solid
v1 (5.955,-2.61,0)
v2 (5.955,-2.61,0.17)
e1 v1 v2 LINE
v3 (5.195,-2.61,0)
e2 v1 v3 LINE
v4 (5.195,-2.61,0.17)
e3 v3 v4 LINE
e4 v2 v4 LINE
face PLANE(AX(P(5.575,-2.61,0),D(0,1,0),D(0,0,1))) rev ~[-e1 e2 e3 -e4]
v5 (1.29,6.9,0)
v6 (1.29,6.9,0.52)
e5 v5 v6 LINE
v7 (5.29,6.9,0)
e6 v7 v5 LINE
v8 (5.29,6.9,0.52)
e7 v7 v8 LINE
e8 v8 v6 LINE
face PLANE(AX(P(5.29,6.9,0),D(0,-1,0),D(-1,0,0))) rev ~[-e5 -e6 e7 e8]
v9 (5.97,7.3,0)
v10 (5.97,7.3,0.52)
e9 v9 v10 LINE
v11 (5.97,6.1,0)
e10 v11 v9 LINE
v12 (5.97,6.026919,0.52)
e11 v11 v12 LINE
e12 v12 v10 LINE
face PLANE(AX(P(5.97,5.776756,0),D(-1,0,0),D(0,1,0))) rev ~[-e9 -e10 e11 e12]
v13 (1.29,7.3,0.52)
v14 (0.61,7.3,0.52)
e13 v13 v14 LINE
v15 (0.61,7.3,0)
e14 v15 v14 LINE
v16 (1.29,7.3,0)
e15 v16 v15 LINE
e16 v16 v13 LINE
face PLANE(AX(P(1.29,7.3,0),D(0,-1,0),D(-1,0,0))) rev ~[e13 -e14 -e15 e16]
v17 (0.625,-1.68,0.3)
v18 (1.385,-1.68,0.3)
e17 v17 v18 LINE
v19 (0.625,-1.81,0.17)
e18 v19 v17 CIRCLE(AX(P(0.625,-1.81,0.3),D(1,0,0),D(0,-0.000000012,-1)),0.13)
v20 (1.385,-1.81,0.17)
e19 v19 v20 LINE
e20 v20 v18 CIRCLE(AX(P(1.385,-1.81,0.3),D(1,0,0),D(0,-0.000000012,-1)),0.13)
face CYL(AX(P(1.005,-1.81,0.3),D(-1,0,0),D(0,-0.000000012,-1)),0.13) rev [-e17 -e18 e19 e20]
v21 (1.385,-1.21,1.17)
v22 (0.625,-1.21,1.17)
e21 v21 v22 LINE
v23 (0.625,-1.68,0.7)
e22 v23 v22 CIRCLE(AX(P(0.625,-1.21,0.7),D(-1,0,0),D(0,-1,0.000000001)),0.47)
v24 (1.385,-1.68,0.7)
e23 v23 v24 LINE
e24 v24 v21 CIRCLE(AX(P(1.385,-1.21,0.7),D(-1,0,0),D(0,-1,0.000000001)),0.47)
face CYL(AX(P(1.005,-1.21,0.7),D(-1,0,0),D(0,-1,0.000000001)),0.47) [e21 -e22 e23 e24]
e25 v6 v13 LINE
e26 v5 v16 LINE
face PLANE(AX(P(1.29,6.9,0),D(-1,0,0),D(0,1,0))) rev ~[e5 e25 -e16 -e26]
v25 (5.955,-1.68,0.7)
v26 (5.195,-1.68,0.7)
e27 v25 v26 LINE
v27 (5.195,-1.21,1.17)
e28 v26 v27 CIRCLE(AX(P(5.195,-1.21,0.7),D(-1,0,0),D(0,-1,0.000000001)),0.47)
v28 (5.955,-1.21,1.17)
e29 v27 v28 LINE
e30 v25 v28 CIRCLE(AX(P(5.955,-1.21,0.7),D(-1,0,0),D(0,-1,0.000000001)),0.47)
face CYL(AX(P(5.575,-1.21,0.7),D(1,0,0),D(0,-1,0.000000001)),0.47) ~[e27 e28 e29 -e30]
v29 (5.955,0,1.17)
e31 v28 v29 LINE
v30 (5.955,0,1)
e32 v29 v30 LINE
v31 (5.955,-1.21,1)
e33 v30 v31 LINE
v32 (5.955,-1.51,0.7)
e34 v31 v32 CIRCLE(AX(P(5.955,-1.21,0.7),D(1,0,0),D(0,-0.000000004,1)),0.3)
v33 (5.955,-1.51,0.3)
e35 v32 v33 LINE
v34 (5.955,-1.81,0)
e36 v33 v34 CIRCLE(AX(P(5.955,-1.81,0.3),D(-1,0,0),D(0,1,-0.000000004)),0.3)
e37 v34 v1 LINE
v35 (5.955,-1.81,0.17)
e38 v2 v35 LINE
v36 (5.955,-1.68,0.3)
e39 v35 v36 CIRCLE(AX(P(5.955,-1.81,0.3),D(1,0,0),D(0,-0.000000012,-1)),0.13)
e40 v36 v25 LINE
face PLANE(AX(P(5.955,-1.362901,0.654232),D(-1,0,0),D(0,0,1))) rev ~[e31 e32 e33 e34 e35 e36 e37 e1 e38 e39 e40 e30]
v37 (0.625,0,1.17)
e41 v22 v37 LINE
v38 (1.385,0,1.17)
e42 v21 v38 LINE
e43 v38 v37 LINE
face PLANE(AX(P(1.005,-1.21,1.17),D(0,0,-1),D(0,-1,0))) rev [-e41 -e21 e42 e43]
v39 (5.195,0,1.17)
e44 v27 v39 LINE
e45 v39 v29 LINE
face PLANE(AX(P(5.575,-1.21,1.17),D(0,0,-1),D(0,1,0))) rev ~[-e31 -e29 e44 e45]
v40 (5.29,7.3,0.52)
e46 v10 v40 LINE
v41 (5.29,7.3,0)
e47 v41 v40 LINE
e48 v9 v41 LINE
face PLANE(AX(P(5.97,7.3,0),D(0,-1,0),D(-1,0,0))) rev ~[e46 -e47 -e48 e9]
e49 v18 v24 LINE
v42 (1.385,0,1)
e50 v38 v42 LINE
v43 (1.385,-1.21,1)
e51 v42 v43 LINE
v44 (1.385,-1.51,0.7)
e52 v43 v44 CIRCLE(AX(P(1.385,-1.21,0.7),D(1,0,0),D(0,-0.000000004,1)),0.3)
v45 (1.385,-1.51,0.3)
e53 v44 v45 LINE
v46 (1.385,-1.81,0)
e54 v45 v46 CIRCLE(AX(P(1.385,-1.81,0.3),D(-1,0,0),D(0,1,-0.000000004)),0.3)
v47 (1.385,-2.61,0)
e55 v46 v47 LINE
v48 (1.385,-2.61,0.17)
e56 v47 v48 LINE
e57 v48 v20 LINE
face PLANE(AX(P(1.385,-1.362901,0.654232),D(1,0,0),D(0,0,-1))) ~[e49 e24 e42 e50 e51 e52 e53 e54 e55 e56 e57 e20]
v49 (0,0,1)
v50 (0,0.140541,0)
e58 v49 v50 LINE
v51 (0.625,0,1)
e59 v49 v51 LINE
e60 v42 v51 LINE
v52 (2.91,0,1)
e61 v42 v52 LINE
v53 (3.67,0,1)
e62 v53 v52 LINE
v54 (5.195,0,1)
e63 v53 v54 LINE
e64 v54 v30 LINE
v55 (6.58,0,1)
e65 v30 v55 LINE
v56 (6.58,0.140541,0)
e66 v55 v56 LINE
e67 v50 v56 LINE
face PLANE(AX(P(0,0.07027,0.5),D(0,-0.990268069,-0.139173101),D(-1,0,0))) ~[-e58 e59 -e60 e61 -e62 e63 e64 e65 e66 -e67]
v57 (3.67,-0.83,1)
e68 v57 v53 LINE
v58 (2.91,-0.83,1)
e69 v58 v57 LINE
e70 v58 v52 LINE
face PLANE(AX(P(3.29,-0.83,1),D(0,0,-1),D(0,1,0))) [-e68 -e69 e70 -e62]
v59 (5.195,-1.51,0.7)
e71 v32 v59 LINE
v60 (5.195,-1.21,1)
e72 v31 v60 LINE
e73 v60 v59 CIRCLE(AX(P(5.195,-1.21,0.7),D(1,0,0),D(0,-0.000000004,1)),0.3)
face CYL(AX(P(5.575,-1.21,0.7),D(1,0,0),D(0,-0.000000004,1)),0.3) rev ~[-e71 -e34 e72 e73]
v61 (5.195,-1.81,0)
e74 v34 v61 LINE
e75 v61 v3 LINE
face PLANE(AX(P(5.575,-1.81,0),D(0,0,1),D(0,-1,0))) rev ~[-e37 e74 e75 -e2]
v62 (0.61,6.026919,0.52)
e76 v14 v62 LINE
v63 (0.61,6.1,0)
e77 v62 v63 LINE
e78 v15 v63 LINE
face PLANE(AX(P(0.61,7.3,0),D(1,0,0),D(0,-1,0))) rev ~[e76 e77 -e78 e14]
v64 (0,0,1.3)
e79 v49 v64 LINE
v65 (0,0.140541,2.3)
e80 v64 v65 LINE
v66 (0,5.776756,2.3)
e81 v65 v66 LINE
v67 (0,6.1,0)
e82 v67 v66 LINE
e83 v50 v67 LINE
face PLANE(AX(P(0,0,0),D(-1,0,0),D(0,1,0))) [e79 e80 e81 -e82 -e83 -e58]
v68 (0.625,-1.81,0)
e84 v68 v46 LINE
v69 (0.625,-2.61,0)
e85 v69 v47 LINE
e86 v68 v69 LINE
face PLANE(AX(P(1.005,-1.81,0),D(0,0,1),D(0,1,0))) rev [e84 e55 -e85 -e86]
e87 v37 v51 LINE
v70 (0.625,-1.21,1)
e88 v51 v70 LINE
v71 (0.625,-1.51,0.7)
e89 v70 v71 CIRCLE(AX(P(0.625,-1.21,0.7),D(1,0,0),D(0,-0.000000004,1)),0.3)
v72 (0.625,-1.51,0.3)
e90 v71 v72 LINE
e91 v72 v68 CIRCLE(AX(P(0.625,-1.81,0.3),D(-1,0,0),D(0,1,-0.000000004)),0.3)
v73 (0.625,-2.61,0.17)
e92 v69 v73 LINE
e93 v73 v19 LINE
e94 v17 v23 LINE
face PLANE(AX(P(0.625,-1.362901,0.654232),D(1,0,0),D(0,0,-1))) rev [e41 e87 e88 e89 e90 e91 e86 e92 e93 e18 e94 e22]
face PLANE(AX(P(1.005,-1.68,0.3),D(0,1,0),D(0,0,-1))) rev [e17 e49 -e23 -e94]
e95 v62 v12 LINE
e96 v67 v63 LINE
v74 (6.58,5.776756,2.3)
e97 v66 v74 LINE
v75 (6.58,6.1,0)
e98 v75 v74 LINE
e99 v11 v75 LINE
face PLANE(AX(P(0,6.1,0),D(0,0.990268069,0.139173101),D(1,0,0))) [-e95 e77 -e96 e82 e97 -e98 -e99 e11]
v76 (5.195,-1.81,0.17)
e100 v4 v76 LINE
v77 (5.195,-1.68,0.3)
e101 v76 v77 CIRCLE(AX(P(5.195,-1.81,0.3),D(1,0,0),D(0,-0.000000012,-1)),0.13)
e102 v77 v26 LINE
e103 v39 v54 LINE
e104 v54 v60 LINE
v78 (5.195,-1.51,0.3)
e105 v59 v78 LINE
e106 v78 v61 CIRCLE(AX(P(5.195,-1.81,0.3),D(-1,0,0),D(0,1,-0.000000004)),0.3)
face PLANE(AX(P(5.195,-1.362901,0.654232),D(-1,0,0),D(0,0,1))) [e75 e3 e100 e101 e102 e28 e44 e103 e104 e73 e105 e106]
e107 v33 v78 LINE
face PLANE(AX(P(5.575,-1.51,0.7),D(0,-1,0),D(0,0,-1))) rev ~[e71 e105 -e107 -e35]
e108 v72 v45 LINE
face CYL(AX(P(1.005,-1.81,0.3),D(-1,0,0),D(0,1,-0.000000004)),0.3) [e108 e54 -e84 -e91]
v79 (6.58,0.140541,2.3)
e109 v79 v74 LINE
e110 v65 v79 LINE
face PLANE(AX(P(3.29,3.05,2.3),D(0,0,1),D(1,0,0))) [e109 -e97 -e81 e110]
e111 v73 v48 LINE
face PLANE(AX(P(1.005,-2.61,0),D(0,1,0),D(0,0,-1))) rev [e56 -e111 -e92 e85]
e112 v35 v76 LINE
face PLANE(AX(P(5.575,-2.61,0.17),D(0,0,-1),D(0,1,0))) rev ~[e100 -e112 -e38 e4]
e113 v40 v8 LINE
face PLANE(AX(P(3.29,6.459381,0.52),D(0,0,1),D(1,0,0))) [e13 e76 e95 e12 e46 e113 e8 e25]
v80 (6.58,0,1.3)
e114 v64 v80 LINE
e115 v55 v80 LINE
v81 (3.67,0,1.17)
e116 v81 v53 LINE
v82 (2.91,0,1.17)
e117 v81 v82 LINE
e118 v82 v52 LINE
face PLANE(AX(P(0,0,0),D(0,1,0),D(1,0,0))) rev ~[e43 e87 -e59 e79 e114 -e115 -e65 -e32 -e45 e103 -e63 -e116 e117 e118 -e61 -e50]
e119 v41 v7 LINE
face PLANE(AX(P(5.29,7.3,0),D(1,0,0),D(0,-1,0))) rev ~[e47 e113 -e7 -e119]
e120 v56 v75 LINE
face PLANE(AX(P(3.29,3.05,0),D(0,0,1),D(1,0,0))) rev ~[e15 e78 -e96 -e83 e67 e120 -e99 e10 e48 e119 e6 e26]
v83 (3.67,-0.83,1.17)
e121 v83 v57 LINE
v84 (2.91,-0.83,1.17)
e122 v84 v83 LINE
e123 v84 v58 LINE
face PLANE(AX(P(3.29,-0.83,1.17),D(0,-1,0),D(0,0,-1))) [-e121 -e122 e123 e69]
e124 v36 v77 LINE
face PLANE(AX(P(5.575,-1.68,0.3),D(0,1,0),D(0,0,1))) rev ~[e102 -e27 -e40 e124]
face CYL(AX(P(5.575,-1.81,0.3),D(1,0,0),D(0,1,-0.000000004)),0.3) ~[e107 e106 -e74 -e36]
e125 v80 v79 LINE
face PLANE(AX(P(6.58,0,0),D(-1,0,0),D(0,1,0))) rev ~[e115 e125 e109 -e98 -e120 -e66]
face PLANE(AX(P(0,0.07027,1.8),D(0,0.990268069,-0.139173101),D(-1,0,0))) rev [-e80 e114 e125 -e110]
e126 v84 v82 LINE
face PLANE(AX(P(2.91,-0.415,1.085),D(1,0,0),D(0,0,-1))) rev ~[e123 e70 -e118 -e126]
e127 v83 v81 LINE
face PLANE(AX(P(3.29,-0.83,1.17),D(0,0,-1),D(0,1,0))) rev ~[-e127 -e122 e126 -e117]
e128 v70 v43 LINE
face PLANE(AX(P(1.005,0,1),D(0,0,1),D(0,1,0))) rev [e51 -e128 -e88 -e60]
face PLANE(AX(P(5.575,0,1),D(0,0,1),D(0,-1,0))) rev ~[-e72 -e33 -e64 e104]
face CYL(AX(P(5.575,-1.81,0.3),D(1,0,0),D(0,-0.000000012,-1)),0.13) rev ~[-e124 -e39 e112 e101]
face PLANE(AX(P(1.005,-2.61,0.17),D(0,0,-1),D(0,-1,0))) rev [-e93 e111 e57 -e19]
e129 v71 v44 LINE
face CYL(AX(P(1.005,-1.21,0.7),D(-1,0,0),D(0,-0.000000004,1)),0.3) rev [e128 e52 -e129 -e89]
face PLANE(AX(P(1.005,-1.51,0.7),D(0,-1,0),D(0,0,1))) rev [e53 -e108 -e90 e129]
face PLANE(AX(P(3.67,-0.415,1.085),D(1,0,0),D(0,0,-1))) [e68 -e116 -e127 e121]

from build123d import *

# Parameters (mm, degrees)
SKETCH1_W           = 6.58
SKETCH1_H           = 6.1
BOSS_EXTRUDE1_DEPTH = 2.3
DRAFT1_ANGLE        = -8
CHAMFER1_SIZE       = 1
CHAMFER1_SIZE2      = 0.140540835
BOSS_EXTRUDE2_DEPTH = 0.52
EXTRUDE_THIN1_DEPTH = 0.38
SKETCH4_W           = 0.17
SKETCH4_H           = 0.83
EXTRUDE_THIN2_DEPTH = 0.38


with BuildPart() as part:
    # Sketch1 → Boss-Extrude1 (new body)
    with BuildSketch(Plane.XY):
        with Locations((3.29, 3.05)):
            Rectangle(SKETCH1_W, SKETCH1_H)
    extrude(amount=BOSS_EXTRUDE1_DEPTH)

    # Draft1
    draft1_faces = [part.faces().sort_by_distance(p)[0] for p in [
        (3.29, 6.1, 1.15),
    ]]
    draft(draft1_faces, Plane(origin=(0, 0, 0), x_dir=(-1, 0, 0), z_dir=(0, 0, -1)), DRAFT1_ANGLE)

    # Chamfer1
    chamfer1_edges = [part.edges().sort_by_distance(p)[0] for p in [
        (3.29, 0, 0),
        (3.29, 0, 2.3),
    ]]
    chamfer1_side = [part.faces().sort_by_distance(p)[0] for p in [
        (3.29, 0, 1.15),
    ]]
    chamfer(chamfer1_edges, length=CHAMFER1_SIZE, length2=CHAMFER1_SIZE2, reference=chamfer1_side[0])

    # Sketch2 → Boss-Extrude2 (add)
    with BuildSketch(Plane.XY):
        Polygon((0.61, 5.77675608), (5.97, 5.77675608), (5.97, 6.1), (5.97, 7.3), (5.29, 7.3), (5.29, 6.9), (1.29, 6.9), (1.29, 7.3), (0.61, 7.3), (0.61, 6.1), align=None)
    extrude(amount=BOSS_EXTRUDE2_DEPTH)

    # Sketch3 → Extrude-Thin1 (add, symmetric)
    with BuildSketch(Plane(origin=(5.575, 0, 0), x_dir=(0, 0, -1), z_dir=(1, 0, 0))):
        with BuildLine():
            Line((-1, 0), (-1, -1.21))
            ThreePointArc((-1, -1.21), (-0.912132034, -1.422132034), (-0.7, -1.51))
            Line((-0.7, -1.51), (-0.3, -1.51))
            ThreePointArc((-0.3, -1.51), (-0.087867966, -1.597867966), (0, -1.81))
            Line((0, -1.81), (0, -2.61))
            Line((0, -2.61), (-0.17, -2.61))
            Line((-0.17, -2.61), (-0.17, -1.81))
            ThreePointArc((-0.17, -1.81), (-0.208076118, -1.718076118), (-0.3, -1.68))
            Line((-0.3, -1.68), (-0.7, -1.68))
            ThreePointArc((-0.7, -1.68), (-1.032340187, -1.542340187), (-1.17, -1.21))
            Line((-1.17, -1.21), (-1.17, 0))
            Line((-1.17, 0), (-1, 0))
        make_face()
    extrude_thin1 = extrude(amount=EXTRUDE_THIN1_DEPTH, both=True)

    # Mirror1: Extrude-Thin1 across plane
    add(extrude_thin1.mirror(Plane(origin=(3.29, 0, 0), x_dir=(0, 0, 1), z_dir=(1, 0, 0))))

    # Sketch4 → Extrude-Thin2 (add, symmetric)
    with BuildSketch(Plane(origin=(3.29, 0, 0), x_dir=(0, 0, -1), z_dir=(1, 0, 0))):
        with Locations((-1.085, -0.415)):
            Rectangle(SKETCH4_W, SKETCH4_H)
    extrude(amount=EXTRUDE_THIN2_DEPTH, both=True)


solid = part.part
